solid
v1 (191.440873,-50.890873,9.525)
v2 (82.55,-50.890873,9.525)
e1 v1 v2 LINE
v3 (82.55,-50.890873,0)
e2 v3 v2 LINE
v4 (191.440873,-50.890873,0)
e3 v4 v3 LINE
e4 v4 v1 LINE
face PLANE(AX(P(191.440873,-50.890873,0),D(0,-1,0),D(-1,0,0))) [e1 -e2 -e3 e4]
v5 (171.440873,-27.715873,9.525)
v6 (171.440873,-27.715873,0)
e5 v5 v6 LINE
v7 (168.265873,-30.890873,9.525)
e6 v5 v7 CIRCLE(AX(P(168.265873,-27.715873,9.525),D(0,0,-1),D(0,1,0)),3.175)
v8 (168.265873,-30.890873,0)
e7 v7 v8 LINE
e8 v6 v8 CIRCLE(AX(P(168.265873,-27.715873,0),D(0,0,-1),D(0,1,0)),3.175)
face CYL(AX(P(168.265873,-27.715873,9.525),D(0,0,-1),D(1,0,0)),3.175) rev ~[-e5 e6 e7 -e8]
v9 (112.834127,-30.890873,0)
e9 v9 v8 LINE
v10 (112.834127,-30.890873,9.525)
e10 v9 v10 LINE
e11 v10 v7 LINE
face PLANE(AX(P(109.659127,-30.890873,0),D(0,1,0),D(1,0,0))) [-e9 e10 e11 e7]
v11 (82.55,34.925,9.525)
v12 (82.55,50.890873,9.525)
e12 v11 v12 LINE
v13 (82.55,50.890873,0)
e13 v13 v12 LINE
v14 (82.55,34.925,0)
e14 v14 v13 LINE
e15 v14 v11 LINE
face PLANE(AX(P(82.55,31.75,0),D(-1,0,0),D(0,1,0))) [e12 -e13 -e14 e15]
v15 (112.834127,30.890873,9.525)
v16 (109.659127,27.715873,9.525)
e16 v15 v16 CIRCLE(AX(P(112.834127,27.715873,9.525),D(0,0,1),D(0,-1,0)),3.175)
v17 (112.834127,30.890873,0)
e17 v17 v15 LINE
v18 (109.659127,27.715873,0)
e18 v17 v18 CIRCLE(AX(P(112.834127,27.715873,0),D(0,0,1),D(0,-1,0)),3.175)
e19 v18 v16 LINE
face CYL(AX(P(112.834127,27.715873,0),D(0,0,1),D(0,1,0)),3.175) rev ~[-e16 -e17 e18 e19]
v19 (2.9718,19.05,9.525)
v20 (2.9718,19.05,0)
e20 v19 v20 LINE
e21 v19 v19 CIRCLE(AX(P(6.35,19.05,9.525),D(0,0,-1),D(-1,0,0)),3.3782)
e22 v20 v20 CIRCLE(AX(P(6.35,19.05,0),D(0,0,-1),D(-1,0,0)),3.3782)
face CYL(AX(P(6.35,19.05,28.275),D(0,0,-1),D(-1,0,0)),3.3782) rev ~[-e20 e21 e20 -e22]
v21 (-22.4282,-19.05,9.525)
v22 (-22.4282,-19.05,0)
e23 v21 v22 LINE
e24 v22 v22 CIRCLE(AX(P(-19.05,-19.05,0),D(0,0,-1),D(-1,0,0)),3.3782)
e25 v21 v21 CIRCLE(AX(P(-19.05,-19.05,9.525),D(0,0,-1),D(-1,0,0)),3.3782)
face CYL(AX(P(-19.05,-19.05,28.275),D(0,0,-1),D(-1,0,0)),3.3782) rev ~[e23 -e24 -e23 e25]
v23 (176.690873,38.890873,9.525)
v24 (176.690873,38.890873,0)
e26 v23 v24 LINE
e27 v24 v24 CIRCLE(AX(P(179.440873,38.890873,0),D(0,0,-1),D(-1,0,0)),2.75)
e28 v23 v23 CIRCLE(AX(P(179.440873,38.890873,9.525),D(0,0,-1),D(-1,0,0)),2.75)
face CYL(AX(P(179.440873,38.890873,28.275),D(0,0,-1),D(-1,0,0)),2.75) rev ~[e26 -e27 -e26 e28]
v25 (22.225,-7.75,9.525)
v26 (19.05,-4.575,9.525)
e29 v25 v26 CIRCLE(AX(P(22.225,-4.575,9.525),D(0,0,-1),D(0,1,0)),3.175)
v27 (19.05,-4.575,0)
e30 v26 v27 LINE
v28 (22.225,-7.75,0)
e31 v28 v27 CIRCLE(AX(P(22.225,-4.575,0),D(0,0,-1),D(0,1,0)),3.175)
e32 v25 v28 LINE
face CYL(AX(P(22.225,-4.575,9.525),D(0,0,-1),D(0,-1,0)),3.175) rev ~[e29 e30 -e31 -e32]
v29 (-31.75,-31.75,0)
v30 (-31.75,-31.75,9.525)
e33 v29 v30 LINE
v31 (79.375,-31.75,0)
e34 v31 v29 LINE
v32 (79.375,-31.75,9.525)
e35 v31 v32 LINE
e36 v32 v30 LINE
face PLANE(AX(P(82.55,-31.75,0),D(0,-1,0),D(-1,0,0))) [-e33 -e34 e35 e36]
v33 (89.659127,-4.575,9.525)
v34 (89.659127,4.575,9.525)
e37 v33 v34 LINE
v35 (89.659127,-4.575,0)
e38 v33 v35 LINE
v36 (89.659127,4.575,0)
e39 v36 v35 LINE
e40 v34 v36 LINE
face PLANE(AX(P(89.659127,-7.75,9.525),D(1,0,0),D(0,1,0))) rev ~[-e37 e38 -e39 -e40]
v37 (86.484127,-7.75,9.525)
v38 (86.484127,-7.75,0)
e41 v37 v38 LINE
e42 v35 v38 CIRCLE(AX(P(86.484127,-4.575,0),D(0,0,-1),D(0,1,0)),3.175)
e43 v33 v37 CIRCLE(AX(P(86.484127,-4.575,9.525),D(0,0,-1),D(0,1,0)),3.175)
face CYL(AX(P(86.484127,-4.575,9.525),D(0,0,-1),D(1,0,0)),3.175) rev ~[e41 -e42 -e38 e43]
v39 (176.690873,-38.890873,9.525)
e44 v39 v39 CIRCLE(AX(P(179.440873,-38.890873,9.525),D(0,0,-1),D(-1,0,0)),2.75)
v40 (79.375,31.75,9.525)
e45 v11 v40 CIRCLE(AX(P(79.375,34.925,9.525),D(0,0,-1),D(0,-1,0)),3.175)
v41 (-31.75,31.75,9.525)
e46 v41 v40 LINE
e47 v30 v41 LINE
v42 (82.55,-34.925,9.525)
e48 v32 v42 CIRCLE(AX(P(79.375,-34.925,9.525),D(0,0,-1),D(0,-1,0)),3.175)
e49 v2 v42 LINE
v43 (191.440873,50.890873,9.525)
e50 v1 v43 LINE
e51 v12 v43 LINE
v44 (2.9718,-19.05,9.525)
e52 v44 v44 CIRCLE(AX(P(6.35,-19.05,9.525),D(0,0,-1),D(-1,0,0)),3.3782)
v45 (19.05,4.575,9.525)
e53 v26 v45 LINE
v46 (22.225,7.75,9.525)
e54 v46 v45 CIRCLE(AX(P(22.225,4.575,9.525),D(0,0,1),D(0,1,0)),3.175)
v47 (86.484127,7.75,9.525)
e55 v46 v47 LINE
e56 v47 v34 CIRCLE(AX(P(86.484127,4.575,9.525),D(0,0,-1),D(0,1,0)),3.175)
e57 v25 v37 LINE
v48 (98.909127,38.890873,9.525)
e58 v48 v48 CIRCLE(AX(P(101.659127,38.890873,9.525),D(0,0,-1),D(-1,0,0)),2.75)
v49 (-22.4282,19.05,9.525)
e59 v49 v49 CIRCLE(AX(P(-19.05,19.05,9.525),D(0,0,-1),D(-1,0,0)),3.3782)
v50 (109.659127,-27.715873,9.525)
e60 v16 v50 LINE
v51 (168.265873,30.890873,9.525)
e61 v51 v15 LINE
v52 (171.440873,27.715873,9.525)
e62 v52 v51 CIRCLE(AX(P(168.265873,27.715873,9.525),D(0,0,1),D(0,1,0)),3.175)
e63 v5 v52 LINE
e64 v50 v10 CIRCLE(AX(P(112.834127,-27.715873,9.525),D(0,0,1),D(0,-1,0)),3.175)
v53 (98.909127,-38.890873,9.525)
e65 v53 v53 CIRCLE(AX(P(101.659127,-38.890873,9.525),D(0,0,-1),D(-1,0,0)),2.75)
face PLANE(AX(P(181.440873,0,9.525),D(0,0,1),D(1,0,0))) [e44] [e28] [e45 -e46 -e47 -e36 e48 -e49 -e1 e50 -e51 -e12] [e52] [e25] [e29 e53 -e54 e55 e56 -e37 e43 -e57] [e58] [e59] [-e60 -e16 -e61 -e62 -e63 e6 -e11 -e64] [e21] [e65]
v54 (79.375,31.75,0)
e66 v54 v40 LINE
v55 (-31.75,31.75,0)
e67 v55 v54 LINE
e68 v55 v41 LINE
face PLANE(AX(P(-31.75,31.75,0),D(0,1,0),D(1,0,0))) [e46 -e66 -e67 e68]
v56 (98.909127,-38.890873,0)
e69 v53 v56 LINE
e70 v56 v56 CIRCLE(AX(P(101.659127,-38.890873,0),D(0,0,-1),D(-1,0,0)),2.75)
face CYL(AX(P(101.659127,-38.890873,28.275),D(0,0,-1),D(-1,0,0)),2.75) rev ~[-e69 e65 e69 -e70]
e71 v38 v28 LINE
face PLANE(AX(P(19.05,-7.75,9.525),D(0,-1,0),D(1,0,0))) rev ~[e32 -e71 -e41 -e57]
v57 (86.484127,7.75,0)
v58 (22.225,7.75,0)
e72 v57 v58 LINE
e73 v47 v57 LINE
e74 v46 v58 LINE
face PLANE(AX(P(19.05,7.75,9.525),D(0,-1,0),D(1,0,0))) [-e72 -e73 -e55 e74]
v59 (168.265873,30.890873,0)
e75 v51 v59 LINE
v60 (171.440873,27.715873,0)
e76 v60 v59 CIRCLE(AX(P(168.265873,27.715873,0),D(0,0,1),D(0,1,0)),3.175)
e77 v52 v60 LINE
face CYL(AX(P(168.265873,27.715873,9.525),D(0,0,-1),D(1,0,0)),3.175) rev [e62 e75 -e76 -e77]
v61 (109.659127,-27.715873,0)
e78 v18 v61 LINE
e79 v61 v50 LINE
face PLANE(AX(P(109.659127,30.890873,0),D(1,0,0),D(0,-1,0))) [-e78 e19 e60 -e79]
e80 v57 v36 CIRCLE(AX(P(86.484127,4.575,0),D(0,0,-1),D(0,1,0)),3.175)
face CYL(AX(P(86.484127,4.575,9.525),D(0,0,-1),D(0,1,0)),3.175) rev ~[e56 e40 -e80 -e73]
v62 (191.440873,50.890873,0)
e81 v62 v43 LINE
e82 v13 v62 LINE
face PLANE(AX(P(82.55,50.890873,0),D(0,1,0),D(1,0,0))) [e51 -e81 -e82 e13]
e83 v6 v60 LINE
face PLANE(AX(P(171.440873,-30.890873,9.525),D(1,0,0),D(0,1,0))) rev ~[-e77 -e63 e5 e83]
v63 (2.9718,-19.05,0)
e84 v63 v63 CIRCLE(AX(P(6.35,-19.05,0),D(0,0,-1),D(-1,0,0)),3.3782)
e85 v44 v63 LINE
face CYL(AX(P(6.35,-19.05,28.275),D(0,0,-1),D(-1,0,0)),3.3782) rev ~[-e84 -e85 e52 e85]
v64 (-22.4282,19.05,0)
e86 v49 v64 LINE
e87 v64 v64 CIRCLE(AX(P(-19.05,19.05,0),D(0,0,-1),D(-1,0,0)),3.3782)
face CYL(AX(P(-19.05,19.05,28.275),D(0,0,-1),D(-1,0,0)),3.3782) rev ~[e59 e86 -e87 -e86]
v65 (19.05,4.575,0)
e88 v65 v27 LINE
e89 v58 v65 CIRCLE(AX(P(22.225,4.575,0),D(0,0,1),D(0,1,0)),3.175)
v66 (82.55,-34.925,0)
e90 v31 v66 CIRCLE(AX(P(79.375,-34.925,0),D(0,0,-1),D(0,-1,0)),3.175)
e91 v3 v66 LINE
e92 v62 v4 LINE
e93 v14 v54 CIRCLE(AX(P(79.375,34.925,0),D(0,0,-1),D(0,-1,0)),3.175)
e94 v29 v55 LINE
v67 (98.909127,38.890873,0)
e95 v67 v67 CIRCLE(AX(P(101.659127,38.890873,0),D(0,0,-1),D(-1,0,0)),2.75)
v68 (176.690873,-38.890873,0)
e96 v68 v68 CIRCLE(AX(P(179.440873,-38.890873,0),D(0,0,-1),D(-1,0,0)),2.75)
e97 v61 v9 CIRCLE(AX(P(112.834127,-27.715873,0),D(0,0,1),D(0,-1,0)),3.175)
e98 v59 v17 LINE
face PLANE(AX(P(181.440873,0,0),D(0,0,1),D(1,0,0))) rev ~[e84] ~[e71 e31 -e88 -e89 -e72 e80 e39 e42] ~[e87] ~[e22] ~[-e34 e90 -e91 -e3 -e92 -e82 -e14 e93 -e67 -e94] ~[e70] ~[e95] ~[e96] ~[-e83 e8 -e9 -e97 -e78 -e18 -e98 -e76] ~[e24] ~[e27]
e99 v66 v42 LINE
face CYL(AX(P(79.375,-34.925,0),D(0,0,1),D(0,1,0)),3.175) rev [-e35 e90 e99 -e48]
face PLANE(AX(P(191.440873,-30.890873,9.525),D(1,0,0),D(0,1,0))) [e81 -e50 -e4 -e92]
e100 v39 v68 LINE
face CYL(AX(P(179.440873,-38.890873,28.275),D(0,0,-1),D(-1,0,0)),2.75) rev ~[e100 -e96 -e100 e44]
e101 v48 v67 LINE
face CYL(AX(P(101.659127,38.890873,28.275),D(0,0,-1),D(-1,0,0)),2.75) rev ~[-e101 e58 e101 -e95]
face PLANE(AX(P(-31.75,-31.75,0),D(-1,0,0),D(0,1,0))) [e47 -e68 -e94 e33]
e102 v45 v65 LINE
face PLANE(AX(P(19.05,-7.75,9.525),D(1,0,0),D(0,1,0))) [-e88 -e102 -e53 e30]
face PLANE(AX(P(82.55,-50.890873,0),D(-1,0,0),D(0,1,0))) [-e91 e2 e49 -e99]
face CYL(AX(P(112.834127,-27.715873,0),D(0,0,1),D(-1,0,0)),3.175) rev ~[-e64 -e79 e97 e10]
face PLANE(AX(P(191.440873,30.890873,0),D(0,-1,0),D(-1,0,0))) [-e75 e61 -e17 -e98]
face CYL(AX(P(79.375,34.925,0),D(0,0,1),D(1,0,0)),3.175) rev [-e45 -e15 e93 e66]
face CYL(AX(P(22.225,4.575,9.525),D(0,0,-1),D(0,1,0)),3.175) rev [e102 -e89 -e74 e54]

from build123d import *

# Parameters (mm, degrees)
BOSS_EXTRUDE1_DEPTH         = 9.525
M5_CLEARANCE_HOLE1_D        = 5.5
M5_CLEARANCE_HOLE1_DEPTH    = 18.75
M5_CLEARANCE_HOLE1_TIP      = 1.652366702
FILLET1_R                   = 3.175
F_1_4_CLEARANCE_HOLE1_D     = 6.7564
F_1_4_CLEARANCE_HOLE1_DEPTH = 18.75
F_1_4_CLEARANCE_HOLE1_TIP   = 2.029827343
SKETCH7_W                   = 70.609127035
SKETCH7_H                   = 15.5
CUT_EXTRUDE1_DEPTH          = 199.318467163
FILLET2_R                   = 3.175
SKETCH8_W                   = 20
SKETCH8_H                   = 61.78174593
BOSS_EXTRUDE2_DEPTH         = 9.525
FILLET3_R                   = 3.175


with BuildPart() as part:
    # Sketch1 → Boss-Extrude1 (new body)
    with BuildSketch(Plane.XY):
        Polygon((82.55, 31.75), (82.55, 50.890872965), (191.440872965, 50.890872965), (191.440872965, 30.890872965), (109.659127035, 30.890872965), (109.659127035, -30.890872965), (191.440872965, -30.890872965), (191.440872965, -50.890872965), (82.55, -50.890872965), (82.55, -31.75), (-31.75, -31.75), (-31.75, 31.75), align=None)
    extrude(amount=BOSS_EXTRUDE1_DEPTH)

    # M5 Clearance Hole1
    with Locations(Plane.XY.offset(9.525)):
        with Locations((179.440872965, 38.890872965), (179.440872965, -38.890872965), (101.659127035, 38.890872965), (101.659127035, -38.890872965)):
            Hole(M5_CLEARANCE_HOLE1_D / 2, depth=M5_CLEARANCE_HOLE1_DEPTH)
            with Locations((0, 0, -(M5_CLEARANCE_HOLE1_DEPTH + M5_CLEARANCE_HOLE1_TIP / 2))):  # 118° drill point
                Cone(0, M5_CLEARANCE_HOLE1_D / 2, M5_CLEARANCE_HOLE1_TIP, mode=Mode.SUBTRACT)

    # Fillet1
    fillet1_edges = [part.edges().sort_by_distance(p)[0] for p in [
        (82.55, 31.75, 4.7625),
        (109.659127035, 30.890872965, 4.7625),
        (109.659127035, -30.890872965, 4.7625),
        (82.55, -31.75, 4.7625),
    ]]
    fillet(fillet1_edges, radius=FILLET1_R)

    # 1/4 Clearance Hole1
    with Locations(Plane.XY.offset(9.525)):
        with Locations((-19.05, 19.05), (6.35, 19.05), (6.35, -19.05), (-19.05, -19.05)):
            Hole(F_1_4_CLEARANCE_HOLE1_D / 2, depth=F_1_4_CLEARANCE_HOLE1_DEPTH)
            with Locations((0, 0, -(F_1_4_CLEARANCE_HOLE1_DEPTH + F_1_4_CLEARANCE_HOLE1_TIP / 2))):  # 118° drill point
                Cone(0, F_1_4_CLEARANCE_HOLE1_D / 2, F_1_4_CLEARANCE_HOLE1_TIP, mode=Mode.SUBTRACT)

    # Sketch7 → Cut-Extrude1 (cut, through all)
    with BuildSketch(Plane.XY.offset(9.525)):
        with Locations((54.354563518, 0)):
            Rectangle(SKETCH7_W, SKETCH7_H)
    extrude(amount=-CUT_EXTRUDE1_DEPTH, mode=Mode.SUBTRACT)

    # Fillet2
    fillet2_edges = [part.edges().sort_by_distance(p)[0] for p in [
        (19.05, -7.75, 4.7625),
        (19.05, 7.75, 4.7625),
        (89.659127035, 7.75, 4.7625),
        (89.659127035, -7.75, 4.7625),
    ]]
    fillet(fillet2_edges, radius=FILLET2_R)

    # Sketch8 → Boss-Extrude2 (add)
    with BuildSketch(Plane.XY.offset(9.525)):
        with Locations((181.440872965, 0)):
            Rectangle(SKETCH8_W, SKETCH8_H)
    extrude(amount=-BOSS_EXTRUDE2_DEPTH)

    # Fillet3
    fillet3_edges = [part.edges().sort_by_distance(p)[0] for p in [
        (171.440872965, 30.890872965, 4.7625),
        (171.440872965, -30.890872965, 4.7625),
    ]]
    fillet(fillet3_edges, radius=FILLET3_R)


solid = part.part
